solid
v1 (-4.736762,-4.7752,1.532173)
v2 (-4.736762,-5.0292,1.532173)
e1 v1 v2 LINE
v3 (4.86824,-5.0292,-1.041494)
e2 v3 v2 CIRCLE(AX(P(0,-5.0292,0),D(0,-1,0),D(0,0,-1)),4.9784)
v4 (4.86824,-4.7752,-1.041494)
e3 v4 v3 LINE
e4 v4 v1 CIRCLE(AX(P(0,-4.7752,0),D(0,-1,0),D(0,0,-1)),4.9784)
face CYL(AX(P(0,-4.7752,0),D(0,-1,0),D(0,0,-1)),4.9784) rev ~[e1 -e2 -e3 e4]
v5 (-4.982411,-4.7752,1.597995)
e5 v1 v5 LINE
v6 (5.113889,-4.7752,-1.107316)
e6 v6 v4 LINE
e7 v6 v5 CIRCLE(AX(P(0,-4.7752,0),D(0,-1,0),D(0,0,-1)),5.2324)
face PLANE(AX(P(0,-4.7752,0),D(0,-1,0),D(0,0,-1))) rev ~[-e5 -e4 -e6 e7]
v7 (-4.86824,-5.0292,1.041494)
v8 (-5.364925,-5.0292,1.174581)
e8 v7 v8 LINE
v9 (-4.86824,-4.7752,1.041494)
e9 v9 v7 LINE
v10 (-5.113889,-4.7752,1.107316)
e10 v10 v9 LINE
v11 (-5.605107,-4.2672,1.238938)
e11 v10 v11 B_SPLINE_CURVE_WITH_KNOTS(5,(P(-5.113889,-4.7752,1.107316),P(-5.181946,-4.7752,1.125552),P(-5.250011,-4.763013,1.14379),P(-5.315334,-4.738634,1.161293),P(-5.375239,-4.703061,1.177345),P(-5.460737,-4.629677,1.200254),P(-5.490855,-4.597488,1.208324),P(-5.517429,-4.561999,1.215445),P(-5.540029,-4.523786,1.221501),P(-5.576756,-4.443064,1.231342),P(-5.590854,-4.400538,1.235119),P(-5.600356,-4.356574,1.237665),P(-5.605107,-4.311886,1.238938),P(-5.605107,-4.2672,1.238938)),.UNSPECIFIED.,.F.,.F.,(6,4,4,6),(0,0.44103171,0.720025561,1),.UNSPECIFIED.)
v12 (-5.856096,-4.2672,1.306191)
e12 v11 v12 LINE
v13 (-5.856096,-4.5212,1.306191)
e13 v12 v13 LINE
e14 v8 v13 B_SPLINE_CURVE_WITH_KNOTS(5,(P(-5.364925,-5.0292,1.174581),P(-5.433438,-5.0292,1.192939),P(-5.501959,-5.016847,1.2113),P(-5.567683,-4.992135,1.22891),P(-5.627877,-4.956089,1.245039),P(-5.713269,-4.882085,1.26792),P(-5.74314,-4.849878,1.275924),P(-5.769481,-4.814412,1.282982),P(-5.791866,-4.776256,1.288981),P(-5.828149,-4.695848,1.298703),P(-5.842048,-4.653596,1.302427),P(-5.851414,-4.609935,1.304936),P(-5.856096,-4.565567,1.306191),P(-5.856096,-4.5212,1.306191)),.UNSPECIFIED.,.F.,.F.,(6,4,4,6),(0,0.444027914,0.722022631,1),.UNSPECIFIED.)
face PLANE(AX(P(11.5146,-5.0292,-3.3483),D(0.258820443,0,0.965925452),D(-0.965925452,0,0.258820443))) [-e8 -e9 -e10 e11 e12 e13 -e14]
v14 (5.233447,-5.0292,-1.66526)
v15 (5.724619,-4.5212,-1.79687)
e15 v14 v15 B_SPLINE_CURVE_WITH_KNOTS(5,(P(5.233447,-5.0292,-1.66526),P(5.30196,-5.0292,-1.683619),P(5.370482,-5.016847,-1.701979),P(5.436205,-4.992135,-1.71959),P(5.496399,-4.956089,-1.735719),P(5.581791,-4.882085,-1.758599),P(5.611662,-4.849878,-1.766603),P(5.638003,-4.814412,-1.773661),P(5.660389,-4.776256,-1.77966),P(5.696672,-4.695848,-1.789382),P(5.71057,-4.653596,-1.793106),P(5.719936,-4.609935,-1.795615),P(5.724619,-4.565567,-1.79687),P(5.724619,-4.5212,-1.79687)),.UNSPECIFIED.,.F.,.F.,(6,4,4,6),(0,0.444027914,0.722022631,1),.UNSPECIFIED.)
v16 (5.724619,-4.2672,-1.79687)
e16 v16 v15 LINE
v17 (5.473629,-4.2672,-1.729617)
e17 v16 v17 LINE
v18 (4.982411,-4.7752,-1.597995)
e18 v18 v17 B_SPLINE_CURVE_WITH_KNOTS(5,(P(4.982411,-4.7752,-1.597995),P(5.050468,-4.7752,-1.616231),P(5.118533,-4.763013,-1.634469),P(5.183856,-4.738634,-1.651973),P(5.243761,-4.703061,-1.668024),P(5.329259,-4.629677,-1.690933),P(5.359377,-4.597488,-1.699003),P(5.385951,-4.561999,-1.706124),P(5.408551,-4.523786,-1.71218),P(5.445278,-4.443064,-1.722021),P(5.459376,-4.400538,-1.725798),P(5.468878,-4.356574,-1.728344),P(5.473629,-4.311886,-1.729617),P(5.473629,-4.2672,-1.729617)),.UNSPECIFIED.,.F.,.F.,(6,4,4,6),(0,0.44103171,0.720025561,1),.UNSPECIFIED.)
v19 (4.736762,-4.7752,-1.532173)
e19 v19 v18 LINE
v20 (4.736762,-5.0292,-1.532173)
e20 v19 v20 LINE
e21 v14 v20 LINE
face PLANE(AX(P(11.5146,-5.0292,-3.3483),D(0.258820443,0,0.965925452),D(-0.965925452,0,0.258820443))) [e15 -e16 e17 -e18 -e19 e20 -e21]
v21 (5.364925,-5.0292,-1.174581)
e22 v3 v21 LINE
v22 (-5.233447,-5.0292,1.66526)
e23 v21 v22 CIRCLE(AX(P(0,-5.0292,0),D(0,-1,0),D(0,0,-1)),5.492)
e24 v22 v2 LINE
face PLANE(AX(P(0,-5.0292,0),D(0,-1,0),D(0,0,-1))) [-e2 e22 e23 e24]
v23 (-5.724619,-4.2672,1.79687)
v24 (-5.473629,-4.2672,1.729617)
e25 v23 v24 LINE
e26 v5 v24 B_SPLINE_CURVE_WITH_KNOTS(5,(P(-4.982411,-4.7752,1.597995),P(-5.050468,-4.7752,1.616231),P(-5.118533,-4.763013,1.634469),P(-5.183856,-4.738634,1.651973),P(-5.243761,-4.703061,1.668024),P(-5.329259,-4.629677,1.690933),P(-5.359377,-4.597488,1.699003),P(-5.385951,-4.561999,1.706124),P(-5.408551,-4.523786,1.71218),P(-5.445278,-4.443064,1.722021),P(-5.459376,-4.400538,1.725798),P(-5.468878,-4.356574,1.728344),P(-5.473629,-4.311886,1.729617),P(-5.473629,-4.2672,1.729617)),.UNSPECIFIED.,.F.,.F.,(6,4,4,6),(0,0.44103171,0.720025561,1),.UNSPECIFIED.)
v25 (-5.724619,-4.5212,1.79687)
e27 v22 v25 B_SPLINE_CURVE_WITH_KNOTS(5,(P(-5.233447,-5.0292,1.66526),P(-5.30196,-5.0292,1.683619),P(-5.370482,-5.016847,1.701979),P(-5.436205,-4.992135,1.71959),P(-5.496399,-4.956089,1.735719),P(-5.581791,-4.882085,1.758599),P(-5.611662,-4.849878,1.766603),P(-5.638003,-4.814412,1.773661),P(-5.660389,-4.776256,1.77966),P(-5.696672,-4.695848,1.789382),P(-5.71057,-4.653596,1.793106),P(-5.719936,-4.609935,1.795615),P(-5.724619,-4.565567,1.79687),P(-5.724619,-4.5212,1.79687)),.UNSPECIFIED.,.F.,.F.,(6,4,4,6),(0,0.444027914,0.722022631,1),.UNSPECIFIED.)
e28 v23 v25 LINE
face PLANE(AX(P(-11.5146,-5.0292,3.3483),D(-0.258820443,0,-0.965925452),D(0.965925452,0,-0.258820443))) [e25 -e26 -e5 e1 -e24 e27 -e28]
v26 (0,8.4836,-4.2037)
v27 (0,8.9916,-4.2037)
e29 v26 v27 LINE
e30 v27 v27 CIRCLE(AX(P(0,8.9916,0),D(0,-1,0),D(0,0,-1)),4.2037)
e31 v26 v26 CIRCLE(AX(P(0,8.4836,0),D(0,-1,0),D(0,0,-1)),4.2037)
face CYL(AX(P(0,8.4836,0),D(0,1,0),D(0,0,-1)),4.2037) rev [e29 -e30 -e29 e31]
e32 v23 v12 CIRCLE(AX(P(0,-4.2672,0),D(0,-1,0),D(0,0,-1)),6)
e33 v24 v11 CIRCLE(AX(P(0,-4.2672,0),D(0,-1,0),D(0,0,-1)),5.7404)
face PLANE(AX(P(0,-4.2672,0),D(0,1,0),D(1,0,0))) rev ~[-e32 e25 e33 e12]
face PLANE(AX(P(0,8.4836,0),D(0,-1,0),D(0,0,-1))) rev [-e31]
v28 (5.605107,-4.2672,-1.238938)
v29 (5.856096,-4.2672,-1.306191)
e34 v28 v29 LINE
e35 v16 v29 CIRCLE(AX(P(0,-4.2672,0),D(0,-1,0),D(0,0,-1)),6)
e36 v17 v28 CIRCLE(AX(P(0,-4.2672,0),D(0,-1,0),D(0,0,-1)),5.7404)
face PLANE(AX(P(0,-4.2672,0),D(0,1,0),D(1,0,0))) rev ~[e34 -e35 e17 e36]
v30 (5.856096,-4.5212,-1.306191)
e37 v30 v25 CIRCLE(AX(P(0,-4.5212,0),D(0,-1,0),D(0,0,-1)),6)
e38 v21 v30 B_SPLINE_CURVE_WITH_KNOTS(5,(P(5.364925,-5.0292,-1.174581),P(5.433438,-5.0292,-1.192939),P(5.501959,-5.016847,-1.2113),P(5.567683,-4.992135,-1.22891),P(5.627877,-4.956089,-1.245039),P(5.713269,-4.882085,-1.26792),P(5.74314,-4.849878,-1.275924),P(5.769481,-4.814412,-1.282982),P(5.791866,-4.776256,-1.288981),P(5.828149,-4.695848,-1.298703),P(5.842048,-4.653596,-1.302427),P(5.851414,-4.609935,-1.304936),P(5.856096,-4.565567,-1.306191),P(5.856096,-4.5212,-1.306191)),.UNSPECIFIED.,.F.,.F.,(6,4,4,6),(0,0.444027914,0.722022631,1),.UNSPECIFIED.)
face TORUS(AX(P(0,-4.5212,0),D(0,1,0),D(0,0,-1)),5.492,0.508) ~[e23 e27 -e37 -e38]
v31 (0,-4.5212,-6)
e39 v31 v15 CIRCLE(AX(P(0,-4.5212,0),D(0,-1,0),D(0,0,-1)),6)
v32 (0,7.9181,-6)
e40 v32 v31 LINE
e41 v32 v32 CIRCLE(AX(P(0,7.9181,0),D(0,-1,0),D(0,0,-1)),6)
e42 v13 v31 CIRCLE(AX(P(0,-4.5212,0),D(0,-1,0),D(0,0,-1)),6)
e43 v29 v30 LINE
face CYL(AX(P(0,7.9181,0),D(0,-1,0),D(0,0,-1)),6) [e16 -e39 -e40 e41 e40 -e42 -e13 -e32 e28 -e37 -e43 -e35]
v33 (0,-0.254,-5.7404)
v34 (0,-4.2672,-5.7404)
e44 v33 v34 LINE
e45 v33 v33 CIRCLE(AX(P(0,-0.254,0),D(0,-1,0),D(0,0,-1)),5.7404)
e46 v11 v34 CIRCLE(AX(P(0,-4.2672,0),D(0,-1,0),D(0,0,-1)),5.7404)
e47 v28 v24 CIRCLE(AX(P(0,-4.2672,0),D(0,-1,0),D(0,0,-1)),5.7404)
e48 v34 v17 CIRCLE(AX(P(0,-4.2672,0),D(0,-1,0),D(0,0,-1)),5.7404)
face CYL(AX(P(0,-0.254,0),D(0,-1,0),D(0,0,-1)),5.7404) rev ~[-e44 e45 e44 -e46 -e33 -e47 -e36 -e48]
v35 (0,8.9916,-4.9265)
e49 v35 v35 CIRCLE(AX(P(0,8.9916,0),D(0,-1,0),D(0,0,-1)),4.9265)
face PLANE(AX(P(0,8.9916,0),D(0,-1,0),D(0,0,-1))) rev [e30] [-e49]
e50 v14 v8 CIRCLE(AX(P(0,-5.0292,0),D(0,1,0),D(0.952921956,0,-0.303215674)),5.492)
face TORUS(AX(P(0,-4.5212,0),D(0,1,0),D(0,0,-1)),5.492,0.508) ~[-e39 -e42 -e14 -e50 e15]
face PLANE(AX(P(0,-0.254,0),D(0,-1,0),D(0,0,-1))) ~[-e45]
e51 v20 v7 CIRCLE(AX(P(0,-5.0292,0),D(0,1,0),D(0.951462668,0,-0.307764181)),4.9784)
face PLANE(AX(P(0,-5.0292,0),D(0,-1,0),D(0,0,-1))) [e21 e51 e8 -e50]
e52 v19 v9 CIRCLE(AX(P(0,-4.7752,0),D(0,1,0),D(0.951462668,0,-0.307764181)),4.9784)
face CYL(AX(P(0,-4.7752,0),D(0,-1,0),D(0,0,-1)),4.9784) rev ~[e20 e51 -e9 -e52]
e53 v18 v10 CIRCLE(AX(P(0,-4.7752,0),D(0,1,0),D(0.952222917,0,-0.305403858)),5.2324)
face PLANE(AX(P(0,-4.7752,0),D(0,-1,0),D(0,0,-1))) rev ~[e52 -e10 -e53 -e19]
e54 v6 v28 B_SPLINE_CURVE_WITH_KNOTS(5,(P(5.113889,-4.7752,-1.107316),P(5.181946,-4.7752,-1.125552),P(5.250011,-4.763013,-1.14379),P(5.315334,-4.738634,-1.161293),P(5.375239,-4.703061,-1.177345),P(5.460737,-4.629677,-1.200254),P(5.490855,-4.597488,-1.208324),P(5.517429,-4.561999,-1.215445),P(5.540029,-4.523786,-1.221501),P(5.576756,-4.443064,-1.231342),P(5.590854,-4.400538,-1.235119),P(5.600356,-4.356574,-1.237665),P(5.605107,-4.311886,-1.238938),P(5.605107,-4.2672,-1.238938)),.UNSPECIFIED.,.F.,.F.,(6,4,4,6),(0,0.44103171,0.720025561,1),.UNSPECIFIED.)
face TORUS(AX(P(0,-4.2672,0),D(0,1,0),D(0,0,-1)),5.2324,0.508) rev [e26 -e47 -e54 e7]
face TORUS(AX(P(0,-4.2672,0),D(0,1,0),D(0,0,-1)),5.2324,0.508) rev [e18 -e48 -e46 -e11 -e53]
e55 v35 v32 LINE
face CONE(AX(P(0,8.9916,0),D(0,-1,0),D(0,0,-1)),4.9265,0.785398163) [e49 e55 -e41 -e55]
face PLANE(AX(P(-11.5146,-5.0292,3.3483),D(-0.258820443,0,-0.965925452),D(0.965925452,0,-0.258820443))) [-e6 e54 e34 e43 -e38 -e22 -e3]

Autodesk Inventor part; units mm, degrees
sketch "Sketch_2" plane through (0, 0, 0) normal (1, 0, 0) x (0, 1, 0)
  line L0 (0, 0) -> (8.9916, 0)
  line L1 (8.4836, 0) -> (8.4836, -4.2037)
  line L2 (8.4836, -4.2037) -> (8.9916, -4.2037)
  line L3 (8.9916, -4.2037) -> (8.9916, -4.9265)
  line L4 (8.9916, -4.9265) -> (7.9181, -6)
  line L5 (7.9181, -6) -> (0, -6)
  line L6 (0, -6) -> (0, 0)
  line L7 (0, 0) -> (8.4836, 0)
revolve "Revolution1" add sketch "Sketch_2" angle 360 about axis through (0, 0, 0) along (0, -1, 0)
sketch "Sketch_3" plane through (0, 0, 0) normal (1, 0, 0) x (0, 1, 0)
  line L0 (-5.0292, 0) -> (0, 0)
  line L1 (0, 0) -> (0, -6)
  line L2 (0, -6) -> (-4.5212, -6)
  arc A0 (-5.0292, -5.492) -> (-4.5212, -6) centre (-4.5212, -5.492) ccw
  line L3 (-5.0292, -5.492) -> (-5.0292, 0)
  line L4 (-5.0292, 0) -> (0, 0)
revolve "Revolution2" add sketch "Sketch_3" angle 360 about axis through (0, -5.0292, 0) along (0, -1, 0)
sketch "Sketch_7" plane through (0, 0, 0) normal (1, 0, 0) x (0, 1, 0)
  line L0 (-5.2832, 0) -> (-0.254, 0)
  line L1 (-0.254, 0) -> (-0.254, -5.7404)
  line L2 (-0.254, -5.7404) -> (-4.2672, -5.7404)
  arc A0 (-4.7752, -5.2324) -> (-4.2672, -5.7404) centre (-4.2672, -5.2324) ccw
  line L3 (-4.7752, -5.2324) -> (-4.7752, -4.9784)
  line L4 (-4.7752, -4.9784) -> (-5.2832, -4.9784)
  line L5 (-5.2832, -4.9784) -> (-5.2832, 0)
  line L6 (-5.2832, 0) -> (-0.254, 0)
sketch "Sketch_9" plane through (0, -5.0292, 0) normal (0, 1, 0) x (1, 0, 0)
  line L0 (-11.646, -2.8576) -> (-11.5146, -3.3483)
  line L1 (-11.5146, -3.3483) -> (11.646, 2.8576)
  line L2 (11.646, 2.8576) -> (11.5146, 3.3483)
  line L3 (11.5146, 3.3483) -> (-11.646, -2.8576)
extrude "Extrusion1" cut sketch "Sketch_9" along normal blind 0.762
revolve "Revolution3" cut sketch "Sketch_7" angle 360 about axis through (0, -5.2832, 0) along (0, -1, 0)
ref_plane "to_at504_knurled_face_nut_XY" through (0, 2.5146, 0) normal (0, -1, 0) x (1, 0, 0)
ref_plane "to_at504_knurled_face_nut_YZ" through (0, 2.5146, 0) normal (1, 0, 0) x (0, 0, 1)
ref_plane "to_at504_knurled_face_nut_ZX" through (0, 2.5146, 0) normal (0, 0, 1) x (0, -1, 0)
ref_plane "to_at508_lockwasher_XY" through (0, 2.0066, 0) normal (0, 1, 0) x (1, 0, 0)
ref_plane "to_at508_lockwasher_YZ" through (0, 2.0066, 0) normal (1, 0, 0) x (0, 0, -1)
ref_plane "to_at508_lockwasher_ZX" through (0, 2.0066, 0) normal (0, 0, -1) x (0, 1, 0)
ref_plane "to_dummy_XY" through (0, 0, 0) normal (0, -1, 0) x (1, 0, 0)
ref_plane "to_dummy_YZ" through (0, 0, 0) normal (1, 0, 0) x (0, 0, 1)
ref_plane "to_dummy_ZX" through (0, 0, 0) normal (0, 0, 1) x (0, -1, 0)
ref_plane "to_hex_nut_XY" through (0, 0, 0) normal (0, 1, 0) x (1, 0, 0)
ref_plane "to_hex_nut_YZ" through (0, 0, 0) normal (1, 0, 0) x (0, 0, -1)
ref_plane "to_hex_nut_ZX" through (0, 0, 0) normal (0, 0, -1) x (0, 1, 0)
ref_plane "to_plunger_XY" through (0, 8.9916, 0) normal (0, -1, 0) x (1, 0, 0)
ref_plane "to_plunger_YZ" through (0, 8.9916, 0) normal (1, 0, 0) x (0, 0, 1)
ref_plane "to_plunger_ZX" through (0, 8.9916, 0) normal (0, 0, 1) x (0, -1, 0)
ref_plane "to_trmnl_hold_XY" through (0, -5.0292, 0) normal (0, 1, 0) x (1, 0, 0)
ref_plane "to_trmnl_hold_YZ" through (0, -5.0292, 0) normal (1, 0, 0) x (0, 0, -1)
ref_plane "to_trmnl_hold_ZX" through (0, -5.0292, 0) normal (0, 0, -1) x (0, 1, 0)
properties part number "SB4011NOM-body"
